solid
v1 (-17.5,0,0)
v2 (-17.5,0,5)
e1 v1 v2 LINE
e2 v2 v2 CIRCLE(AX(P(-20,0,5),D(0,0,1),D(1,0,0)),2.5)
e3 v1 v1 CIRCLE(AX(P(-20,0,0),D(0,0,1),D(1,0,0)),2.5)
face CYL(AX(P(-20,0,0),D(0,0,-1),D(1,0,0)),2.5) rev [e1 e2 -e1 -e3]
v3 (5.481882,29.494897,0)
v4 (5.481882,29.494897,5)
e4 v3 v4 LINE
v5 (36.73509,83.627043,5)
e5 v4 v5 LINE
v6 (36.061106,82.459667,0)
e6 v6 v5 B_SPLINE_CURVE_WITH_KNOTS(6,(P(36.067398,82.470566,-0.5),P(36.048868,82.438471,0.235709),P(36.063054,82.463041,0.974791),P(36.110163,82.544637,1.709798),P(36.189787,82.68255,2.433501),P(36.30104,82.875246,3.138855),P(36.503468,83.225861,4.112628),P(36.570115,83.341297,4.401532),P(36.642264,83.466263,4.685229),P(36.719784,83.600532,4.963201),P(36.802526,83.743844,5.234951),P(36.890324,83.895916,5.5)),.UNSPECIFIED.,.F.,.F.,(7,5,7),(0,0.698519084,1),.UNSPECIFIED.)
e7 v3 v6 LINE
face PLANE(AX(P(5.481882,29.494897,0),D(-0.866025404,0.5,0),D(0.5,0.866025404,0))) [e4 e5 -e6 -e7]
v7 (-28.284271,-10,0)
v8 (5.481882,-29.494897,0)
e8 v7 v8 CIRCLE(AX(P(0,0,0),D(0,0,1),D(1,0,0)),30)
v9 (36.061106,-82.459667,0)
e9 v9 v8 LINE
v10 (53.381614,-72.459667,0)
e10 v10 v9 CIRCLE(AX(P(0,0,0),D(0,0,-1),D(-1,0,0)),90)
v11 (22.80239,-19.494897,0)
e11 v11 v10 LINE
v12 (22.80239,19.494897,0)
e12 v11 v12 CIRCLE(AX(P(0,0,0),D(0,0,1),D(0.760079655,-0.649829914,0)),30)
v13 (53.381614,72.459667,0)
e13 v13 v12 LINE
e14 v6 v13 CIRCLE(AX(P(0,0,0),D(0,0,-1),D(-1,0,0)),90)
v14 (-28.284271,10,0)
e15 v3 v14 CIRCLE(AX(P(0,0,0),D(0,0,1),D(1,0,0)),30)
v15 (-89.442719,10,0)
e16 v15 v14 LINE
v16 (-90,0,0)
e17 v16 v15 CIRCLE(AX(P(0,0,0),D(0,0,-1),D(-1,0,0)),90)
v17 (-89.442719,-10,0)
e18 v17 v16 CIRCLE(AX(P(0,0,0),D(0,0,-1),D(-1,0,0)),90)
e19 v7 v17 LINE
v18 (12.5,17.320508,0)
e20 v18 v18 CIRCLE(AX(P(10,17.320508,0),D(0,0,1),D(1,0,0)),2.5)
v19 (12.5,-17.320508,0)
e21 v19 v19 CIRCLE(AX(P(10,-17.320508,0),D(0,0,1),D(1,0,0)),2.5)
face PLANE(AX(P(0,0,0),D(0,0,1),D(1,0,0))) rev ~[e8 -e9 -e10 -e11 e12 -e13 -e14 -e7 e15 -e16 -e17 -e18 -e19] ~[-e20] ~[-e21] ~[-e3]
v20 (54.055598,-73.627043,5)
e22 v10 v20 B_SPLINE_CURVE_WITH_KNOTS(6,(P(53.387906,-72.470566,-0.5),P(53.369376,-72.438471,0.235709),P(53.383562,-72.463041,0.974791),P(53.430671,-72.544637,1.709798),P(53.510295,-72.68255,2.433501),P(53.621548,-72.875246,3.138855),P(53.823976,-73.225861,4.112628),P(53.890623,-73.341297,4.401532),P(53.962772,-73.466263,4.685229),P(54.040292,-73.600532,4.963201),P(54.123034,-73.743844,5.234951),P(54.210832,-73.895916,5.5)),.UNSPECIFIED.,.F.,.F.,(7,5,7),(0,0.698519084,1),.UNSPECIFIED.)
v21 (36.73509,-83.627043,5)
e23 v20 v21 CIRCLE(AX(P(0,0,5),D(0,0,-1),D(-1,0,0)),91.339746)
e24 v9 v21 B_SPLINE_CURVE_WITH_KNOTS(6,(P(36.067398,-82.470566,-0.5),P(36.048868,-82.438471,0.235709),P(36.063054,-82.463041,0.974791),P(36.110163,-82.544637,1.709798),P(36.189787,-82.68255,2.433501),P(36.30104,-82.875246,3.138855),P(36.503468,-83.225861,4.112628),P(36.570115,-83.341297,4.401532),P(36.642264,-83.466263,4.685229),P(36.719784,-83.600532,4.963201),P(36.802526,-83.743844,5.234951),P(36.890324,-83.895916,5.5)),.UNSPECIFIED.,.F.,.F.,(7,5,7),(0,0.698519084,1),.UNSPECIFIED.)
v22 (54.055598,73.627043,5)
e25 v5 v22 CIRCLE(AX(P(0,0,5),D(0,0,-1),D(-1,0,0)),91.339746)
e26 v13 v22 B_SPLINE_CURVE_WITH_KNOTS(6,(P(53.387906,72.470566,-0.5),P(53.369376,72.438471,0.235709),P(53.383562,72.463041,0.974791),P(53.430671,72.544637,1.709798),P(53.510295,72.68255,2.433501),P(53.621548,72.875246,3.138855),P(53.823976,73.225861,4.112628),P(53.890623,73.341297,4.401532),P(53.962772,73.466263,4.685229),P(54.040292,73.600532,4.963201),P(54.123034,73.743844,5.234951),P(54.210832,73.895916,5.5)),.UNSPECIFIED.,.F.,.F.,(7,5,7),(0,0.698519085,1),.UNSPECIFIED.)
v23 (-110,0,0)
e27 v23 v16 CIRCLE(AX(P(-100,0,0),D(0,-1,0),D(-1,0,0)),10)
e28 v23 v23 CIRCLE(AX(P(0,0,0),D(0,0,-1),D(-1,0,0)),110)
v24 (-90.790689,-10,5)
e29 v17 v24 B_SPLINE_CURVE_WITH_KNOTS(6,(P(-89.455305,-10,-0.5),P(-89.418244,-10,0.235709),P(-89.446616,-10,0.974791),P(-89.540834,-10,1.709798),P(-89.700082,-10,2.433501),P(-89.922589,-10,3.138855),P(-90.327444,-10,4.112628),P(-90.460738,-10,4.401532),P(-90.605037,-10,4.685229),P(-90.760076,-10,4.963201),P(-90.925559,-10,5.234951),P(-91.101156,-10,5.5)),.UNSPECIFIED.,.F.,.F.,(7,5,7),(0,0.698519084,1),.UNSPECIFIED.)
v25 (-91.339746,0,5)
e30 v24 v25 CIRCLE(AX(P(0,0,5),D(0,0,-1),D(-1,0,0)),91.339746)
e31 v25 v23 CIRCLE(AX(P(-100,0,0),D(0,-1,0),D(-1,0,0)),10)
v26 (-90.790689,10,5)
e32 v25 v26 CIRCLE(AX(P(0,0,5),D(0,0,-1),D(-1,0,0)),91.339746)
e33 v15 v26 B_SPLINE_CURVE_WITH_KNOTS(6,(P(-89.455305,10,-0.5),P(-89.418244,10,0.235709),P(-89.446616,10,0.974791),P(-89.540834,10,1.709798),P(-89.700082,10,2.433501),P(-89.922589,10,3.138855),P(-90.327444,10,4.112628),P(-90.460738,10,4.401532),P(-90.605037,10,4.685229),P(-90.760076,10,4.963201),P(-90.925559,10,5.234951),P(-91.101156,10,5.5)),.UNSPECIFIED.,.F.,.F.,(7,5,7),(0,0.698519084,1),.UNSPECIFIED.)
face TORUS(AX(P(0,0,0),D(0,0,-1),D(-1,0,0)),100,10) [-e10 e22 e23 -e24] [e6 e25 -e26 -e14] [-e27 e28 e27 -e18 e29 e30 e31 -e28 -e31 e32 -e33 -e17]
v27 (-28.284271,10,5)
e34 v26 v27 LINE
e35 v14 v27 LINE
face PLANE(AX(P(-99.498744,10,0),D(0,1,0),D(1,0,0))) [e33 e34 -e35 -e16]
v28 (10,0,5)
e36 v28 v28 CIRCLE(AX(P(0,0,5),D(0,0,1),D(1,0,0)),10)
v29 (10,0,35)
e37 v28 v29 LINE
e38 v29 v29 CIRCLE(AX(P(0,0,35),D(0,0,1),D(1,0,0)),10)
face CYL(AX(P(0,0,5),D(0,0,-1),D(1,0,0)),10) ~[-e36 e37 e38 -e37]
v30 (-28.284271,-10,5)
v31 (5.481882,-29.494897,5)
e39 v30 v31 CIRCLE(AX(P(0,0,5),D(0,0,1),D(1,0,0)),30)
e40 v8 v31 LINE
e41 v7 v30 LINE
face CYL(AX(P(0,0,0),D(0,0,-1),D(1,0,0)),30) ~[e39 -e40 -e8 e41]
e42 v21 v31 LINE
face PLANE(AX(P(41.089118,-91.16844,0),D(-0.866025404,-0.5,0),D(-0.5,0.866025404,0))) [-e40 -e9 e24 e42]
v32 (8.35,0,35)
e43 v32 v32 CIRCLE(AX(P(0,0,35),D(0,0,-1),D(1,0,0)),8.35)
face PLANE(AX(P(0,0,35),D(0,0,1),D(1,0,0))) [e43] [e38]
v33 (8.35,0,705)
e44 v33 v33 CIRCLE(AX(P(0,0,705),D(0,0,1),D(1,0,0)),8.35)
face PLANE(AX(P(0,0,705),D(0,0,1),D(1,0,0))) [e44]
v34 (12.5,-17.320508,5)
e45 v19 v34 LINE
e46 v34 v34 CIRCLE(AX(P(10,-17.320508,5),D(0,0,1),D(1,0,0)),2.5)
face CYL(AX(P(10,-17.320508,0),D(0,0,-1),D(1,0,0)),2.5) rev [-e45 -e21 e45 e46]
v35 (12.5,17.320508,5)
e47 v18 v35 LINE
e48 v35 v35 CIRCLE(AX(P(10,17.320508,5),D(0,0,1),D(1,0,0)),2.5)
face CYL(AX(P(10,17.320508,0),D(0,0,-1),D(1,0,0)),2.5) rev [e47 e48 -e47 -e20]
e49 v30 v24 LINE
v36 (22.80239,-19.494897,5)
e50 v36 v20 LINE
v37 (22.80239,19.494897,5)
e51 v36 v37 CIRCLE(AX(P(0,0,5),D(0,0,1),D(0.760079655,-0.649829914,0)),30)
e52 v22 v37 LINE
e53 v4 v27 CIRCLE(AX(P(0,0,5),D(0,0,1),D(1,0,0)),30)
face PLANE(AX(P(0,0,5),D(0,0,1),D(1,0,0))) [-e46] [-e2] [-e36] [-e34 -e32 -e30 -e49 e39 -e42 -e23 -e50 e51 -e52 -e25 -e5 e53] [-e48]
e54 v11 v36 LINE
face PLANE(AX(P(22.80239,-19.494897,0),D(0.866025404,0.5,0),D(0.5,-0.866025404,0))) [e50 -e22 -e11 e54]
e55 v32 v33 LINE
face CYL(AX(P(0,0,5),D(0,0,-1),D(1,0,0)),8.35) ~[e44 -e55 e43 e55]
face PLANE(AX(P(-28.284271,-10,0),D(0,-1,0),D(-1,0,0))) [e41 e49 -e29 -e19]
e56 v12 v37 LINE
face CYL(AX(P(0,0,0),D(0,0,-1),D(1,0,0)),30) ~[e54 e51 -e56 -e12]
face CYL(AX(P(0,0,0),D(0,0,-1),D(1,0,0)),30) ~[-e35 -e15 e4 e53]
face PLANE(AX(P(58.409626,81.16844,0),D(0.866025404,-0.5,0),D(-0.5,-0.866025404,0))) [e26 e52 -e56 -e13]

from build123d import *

# Parameters (mm, degrees)
SKETCH3_R           = 30
SKETCH3_R_2         = 2.5
BOSS_EXTRUDE1_DEPTH = 5
SKETCH4_R           = 8.35
BOSS_EXTRUDE2_DEPTH = 700
SKETCH6_R           = 10
BOSS_EXTRUDE3_DEPTH = 30
BOSS_EXTRUDE4_DEPTH = 5
SKETCH11_R          = 10


with BuildPart() as part:
    # Sketch3 → Boss-Extrude1 (new body)
    with BuildSketch(Plane.XY):
        Circle(SKETCH3_R)
        with Locations((-20, 0)):
            Circle(SKETCH3_R_2, mode=Mode.SUBTRACT)
        with Locations((10, 17.320508076)):
            Circle(SKETCH3_R_2, mode=Mode.SUBTRACT)
        with Locations((10, -17.320508076)):
            Circle(SKETCH3_R_2, mode=Mode.SUBTRACT)
    extrude(amount=BOSS_EXTRUDE1_DEPTH)

    # Sketch4 → Boss-Extrude2 (add)
    with BuildSketch(Plane.XY.offset(5)):
        Circle(SKETCH4_R)
    extrude(amount=BOSS_EXTRUDE2_DEPTH)

    # Sketch6 → Boss-Extrude3 (add)
    with BuildSketch(Plane.XY.offset(5)):
        Circle(SKETCH6_R)
    extrude(amount=BOSS_EXTRUDE3_DEPTH)

    # Sketch8 → Boss-Extrude4 (add)
    with BuildSketch(Plane(origin=(0, 0, 0), x_dir=(-1, 0, 0), z_dir=(0, 0, -1))):
        with BuildLine():
            Line((-58.409625893, 81.168439698), (-22.802389662, 19.494897428))
            ThreePointArc((-22.802389662, 19.494897428), (-15, 25.980762114), (-5.481881586, 29.494897428))
            Line((-5.481881586, 29.494897428), (-41.089117817, 91.168439698))
            ThreePointArc((-41.089117817, 91.168439698), (-50, 86.602540378), (-58.409625893, 81.168439698))
        make_face()
        with BuildLine():
            Line((28.284271247, -10), (99.498743711, -10))
            ThreePointArc((99.498743711, -10), (99.874607311, -5.006277506), (100, 0))
            ThreePointArc((100, 0), (99.874607311, 5.006277506), (99.498743711, 10))
            Line((99.498743711, 10), (28.284271247, 10))
            ThreePointArc((28.284271247, 10), (29.56795679, 5.073059362), (30, 0))
            ThreePointArc((30, 0), (29.56795679, -5.073059362), (28.284271247, -10))
        make_face()
        with BuildLine():
            ThreePointArc((-58.409625893, -81.168439698), (-50, -86.602540378), (-41.089117817, -91.168439698))
            Line((-41.089117817, -91.168439698), (-5.481881586, -29.494897428))
            ThreePointArc((-5.481881586, -29.494897428), (-15, -25.980762114), (-22.802389662, -19.494897428))
            Line((-22.802389662, -19.494897428), (-58.409625893, -81.168439698))
        make_face()
    extrude(amount=-BOSS_EXTRUDE4_DEPTH)

    # Sweep1: sweep along a path in Sketch10
    with BuildLine(Plane(origin=(0, 0, 0), x_dir=(-1, 0, 0), z_dir=(0, 0, -1))) as sweep1_path:
        CenterArc((0, 0), 100, 0, 360)
    # Sketch11 → Sweep1 (sweep)
    with BuildSketch(Plane(origin=(0, 0, 0), x_dir=(1, 0, 0), z_dir=(0, 1, 0))):
        with Locations((100, 0)):
            Circle(SKETCH11_R)
    sweep(path=sweep1_path.line)


solid = part.part
